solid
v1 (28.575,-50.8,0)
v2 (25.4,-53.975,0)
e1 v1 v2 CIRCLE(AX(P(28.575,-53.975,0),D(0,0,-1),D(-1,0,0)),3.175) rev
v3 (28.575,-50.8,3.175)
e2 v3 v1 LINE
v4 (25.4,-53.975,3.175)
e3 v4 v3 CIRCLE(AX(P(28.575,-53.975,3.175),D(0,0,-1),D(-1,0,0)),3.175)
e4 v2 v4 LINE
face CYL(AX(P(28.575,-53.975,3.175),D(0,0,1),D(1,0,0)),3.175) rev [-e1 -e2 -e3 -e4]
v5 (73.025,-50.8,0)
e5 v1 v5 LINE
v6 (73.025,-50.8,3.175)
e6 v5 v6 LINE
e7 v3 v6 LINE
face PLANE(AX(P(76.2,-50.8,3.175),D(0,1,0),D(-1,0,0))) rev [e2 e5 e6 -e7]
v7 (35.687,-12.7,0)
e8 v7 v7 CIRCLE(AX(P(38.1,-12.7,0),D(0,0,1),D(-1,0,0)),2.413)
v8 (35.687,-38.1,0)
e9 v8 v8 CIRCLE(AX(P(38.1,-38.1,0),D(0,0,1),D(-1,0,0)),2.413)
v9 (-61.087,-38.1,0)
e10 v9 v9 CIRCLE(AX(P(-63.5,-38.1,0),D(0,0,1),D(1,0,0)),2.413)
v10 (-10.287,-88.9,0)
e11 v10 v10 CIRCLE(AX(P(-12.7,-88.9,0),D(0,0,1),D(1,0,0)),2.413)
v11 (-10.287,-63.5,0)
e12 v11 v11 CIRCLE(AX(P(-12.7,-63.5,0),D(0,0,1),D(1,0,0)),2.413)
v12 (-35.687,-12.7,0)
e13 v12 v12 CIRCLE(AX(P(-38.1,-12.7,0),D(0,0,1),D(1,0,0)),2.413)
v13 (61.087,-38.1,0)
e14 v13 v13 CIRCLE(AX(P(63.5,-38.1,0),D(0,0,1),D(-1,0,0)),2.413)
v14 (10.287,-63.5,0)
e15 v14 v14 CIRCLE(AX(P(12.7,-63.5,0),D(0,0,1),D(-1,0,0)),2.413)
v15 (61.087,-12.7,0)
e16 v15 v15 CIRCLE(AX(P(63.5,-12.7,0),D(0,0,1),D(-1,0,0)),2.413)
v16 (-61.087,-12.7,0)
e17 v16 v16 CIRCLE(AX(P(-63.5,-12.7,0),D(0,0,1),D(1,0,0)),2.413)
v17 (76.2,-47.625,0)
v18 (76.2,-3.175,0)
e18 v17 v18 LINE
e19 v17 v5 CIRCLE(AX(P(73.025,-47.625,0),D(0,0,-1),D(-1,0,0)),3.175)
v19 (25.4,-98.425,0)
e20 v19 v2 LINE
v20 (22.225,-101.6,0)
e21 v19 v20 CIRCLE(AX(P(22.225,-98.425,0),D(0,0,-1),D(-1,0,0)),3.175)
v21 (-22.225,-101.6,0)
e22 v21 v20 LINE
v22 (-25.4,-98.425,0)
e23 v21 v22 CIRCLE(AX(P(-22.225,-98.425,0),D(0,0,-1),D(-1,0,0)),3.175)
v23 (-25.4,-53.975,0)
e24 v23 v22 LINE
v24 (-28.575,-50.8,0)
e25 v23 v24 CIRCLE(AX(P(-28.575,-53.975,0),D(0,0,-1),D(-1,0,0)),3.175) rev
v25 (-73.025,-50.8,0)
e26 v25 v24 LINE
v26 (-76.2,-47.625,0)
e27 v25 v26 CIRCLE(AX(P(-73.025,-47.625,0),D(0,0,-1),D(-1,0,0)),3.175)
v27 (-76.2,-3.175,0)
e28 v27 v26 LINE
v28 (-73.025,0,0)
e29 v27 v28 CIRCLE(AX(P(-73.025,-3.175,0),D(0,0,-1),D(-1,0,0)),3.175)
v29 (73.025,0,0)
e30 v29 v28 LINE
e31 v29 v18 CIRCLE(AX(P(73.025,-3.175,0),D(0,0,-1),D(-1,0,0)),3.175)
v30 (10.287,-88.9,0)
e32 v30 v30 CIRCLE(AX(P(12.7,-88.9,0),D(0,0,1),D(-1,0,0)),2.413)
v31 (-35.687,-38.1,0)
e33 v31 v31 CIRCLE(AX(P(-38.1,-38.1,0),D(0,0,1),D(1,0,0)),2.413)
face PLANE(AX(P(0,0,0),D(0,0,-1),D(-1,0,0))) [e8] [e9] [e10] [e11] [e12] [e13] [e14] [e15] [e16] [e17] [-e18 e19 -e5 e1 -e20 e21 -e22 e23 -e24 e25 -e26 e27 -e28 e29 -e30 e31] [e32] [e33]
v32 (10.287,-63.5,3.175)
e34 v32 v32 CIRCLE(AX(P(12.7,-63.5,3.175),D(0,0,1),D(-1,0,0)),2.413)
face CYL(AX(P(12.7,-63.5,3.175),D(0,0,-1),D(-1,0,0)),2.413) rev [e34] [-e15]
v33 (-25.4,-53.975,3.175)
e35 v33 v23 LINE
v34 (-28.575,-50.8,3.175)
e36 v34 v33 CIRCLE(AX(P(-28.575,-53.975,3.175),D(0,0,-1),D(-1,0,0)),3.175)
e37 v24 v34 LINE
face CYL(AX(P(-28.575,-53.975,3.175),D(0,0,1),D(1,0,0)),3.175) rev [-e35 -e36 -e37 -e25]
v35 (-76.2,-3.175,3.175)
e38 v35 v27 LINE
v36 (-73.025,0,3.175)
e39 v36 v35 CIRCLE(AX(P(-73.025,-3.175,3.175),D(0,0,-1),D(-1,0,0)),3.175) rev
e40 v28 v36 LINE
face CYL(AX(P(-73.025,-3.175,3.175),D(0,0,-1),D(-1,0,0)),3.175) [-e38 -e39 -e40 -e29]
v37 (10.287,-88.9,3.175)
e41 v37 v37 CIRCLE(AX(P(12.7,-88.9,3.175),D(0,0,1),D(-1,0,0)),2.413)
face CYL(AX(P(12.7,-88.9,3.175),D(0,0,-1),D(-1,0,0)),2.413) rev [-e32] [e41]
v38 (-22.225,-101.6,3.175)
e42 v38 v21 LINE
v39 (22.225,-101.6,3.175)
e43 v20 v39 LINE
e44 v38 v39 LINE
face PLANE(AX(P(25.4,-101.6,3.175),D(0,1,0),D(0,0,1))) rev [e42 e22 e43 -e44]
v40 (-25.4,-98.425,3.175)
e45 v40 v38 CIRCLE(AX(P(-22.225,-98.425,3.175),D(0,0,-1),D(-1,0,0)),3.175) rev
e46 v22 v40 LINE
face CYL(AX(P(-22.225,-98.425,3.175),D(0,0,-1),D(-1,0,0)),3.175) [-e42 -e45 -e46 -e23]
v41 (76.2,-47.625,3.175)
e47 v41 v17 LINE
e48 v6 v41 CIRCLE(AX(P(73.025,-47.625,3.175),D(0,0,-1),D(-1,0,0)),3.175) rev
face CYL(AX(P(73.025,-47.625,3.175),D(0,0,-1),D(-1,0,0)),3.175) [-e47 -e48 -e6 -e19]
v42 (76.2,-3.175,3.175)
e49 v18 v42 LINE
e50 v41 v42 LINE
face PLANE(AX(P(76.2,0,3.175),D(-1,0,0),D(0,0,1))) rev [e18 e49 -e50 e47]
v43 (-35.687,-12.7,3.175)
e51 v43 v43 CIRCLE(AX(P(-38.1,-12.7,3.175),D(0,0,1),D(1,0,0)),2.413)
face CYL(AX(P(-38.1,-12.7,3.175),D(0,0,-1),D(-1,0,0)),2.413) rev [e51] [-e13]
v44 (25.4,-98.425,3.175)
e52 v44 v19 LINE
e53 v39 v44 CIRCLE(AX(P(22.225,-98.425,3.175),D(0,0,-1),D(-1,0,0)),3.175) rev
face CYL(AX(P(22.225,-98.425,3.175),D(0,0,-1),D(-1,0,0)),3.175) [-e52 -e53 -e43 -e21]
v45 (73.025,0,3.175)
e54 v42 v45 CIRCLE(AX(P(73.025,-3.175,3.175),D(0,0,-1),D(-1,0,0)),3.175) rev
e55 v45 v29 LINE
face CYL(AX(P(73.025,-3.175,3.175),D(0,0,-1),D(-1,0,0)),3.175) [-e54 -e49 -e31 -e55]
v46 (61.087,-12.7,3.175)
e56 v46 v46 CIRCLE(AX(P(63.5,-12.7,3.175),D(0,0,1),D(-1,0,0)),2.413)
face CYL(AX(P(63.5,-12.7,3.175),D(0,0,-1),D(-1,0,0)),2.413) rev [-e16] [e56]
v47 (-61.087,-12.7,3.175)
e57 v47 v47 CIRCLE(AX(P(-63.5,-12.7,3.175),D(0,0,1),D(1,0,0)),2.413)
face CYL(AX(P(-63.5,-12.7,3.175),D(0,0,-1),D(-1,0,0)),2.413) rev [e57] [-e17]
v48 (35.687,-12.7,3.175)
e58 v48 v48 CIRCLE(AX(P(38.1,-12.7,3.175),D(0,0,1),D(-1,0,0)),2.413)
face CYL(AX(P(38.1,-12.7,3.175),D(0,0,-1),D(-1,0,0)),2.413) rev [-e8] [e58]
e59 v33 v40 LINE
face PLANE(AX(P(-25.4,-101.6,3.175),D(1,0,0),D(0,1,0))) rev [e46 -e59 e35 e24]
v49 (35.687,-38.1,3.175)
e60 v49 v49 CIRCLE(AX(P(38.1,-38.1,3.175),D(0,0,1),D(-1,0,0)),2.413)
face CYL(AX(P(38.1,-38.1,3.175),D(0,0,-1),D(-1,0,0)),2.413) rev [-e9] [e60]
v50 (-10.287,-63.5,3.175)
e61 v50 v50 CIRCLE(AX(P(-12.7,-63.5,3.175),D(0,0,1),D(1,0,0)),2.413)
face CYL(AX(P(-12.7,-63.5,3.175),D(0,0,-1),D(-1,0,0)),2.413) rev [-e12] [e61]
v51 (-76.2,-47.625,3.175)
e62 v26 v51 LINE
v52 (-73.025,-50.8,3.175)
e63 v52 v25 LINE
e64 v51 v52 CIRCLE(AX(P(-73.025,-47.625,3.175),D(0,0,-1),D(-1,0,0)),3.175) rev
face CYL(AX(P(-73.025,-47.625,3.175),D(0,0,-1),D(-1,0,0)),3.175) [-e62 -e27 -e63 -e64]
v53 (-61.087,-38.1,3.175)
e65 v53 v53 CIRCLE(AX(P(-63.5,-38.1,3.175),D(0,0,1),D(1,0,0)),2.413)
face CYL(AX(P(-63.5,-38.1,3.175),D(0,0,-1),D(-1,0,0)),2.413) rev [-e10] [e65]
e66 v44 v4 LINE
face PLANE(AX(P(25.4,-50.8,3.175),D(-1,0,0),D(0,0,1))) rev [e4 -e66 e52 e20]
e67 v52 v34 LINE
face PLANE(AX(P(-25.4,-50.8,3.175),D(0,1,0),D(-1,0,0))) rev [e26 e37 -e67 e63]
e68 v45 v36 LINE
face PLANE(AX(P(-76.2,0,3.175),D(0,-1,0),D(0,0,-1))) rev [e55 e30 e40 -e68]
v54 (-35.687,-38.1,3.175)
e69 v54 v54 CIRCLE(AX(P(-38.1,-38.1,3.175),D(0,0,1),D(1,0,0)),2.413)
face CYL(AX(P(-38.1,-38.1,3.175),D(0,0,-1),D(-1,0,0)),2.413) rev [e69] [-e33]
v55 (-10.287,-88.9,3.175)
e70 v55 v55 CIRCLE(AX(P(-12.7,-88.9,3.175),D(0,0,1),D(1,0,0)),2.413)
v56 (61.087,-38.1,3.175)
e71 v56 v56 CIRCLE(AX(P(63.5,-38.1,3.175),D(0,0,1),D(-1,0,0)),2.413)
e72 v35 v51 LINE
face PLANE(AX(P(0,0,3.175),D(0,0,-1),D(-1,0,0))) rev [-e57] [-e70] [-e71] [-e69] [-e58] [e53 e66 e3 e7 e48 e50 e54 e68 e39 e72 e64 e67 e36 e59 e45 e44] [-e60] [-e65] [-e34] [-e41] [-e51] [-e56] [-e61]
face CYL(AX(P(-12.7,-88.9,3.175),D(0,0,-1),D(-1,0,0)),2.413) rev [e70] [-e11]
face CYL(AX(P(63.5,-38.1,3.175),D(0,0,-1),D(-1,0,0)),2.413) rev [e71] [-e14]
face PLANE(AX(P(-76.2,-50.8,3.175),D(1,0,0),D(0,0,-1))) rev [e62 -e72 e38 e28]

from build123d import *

# Parameters (mm, degrees)
SKETCH1_R           = 2.413
BOSS_EXTRUDE1_DEPTH = 3.175
FILLET1_R           = 3.175


with BuildPart() as part:
    # Sketch1 → Boss-Extrude1 (new body)
    with BuildSketch(Plane.XY):
        Polygon((-76.2, 0), (76.2, 0), (76.2, -50.8), (25.4, -50.8), (25.4, -101.6), (-25.4, -101.6), (-25.4, -50.8), (-76.2, -50.8), align=None)
        with Locations((-63.5, -12.7)):
            Circle(SKETCH1_R, mode=Mode.SUBTRACT)
        with Locations((-63.5, -38.1)):
            Circle(SKETCH1_R, mode=Mode.SUBTRACT)
        with Locations((-38.1, -12.7)):
            Circle(SKETCH1_R, mode=Mode.SUBTRACT)
        with Locations((-38.1, -38.1)):
            Circle(SKETCH1_R, mode=Mode.SUBTRACT)
        with Locations((-12.7, -88.9)):
            Circle(SKETCH1_R, mode=Mode.SUBTRACT)
        with Locations((-12.7, -63.5)):
            Circle(SKETCH1_R, mode=Mode.SUBTRACT)
        with Locations(Location((12.7, -88.9, 0), (0, 0, 180))):
            Circle(SKETCH1_R, mode=Mode.SUBTRACT)
        with Locations(Location((12.7, -63.5, 0), (0, 0, 180))):
            Circle(SKETCH1_R, mode=Mode.SUBTRACT)
        with Locations(Location((63.5, -38.1, 0), (0, 0, 180))):
            Circle(SKETCH1_R, mode=Mode.SUBTRACT)
        with Locations(Location((38.1, -38.1, 0), (0, 0, 180))):
            Circle(SKETCH1_R, mode=Mode.SUBTRACT)
        with Locations(Location((38.1, -12.7, 0), (0, 0, 180))):
            Circle(SKETCH1_R, mode=Mode.SUBTRACT)
        with Locations(Location((63.5, -12.7, 0), (0, 0, 180))):
            Circle(SKETCH1_R, mode=Mode.SUBTRACT)
    extrude(amount=BOSS_EXTRUDE1_DEPTH)

    # Fillet1
    fillet1_edges = [part.edges().sort_by_distance(p)[0] for p in [
        (25.4, -101.6, 1.5875),
        (-25.4, -101.6, 1.5875),
        (-25.4, -50.8, 1.5875),
        (-76.2, -50.8, 1.5875),
        (-76.2, 0, 1.5875),
        (76.2, 0, 1.5875),
        (76.2, -50.8, 1.5875),
        (25.4, -50.8, 1.5875),
    ]]
    fillet(fillet1_edges, radius=FILLET1_R)


solid = part.part
